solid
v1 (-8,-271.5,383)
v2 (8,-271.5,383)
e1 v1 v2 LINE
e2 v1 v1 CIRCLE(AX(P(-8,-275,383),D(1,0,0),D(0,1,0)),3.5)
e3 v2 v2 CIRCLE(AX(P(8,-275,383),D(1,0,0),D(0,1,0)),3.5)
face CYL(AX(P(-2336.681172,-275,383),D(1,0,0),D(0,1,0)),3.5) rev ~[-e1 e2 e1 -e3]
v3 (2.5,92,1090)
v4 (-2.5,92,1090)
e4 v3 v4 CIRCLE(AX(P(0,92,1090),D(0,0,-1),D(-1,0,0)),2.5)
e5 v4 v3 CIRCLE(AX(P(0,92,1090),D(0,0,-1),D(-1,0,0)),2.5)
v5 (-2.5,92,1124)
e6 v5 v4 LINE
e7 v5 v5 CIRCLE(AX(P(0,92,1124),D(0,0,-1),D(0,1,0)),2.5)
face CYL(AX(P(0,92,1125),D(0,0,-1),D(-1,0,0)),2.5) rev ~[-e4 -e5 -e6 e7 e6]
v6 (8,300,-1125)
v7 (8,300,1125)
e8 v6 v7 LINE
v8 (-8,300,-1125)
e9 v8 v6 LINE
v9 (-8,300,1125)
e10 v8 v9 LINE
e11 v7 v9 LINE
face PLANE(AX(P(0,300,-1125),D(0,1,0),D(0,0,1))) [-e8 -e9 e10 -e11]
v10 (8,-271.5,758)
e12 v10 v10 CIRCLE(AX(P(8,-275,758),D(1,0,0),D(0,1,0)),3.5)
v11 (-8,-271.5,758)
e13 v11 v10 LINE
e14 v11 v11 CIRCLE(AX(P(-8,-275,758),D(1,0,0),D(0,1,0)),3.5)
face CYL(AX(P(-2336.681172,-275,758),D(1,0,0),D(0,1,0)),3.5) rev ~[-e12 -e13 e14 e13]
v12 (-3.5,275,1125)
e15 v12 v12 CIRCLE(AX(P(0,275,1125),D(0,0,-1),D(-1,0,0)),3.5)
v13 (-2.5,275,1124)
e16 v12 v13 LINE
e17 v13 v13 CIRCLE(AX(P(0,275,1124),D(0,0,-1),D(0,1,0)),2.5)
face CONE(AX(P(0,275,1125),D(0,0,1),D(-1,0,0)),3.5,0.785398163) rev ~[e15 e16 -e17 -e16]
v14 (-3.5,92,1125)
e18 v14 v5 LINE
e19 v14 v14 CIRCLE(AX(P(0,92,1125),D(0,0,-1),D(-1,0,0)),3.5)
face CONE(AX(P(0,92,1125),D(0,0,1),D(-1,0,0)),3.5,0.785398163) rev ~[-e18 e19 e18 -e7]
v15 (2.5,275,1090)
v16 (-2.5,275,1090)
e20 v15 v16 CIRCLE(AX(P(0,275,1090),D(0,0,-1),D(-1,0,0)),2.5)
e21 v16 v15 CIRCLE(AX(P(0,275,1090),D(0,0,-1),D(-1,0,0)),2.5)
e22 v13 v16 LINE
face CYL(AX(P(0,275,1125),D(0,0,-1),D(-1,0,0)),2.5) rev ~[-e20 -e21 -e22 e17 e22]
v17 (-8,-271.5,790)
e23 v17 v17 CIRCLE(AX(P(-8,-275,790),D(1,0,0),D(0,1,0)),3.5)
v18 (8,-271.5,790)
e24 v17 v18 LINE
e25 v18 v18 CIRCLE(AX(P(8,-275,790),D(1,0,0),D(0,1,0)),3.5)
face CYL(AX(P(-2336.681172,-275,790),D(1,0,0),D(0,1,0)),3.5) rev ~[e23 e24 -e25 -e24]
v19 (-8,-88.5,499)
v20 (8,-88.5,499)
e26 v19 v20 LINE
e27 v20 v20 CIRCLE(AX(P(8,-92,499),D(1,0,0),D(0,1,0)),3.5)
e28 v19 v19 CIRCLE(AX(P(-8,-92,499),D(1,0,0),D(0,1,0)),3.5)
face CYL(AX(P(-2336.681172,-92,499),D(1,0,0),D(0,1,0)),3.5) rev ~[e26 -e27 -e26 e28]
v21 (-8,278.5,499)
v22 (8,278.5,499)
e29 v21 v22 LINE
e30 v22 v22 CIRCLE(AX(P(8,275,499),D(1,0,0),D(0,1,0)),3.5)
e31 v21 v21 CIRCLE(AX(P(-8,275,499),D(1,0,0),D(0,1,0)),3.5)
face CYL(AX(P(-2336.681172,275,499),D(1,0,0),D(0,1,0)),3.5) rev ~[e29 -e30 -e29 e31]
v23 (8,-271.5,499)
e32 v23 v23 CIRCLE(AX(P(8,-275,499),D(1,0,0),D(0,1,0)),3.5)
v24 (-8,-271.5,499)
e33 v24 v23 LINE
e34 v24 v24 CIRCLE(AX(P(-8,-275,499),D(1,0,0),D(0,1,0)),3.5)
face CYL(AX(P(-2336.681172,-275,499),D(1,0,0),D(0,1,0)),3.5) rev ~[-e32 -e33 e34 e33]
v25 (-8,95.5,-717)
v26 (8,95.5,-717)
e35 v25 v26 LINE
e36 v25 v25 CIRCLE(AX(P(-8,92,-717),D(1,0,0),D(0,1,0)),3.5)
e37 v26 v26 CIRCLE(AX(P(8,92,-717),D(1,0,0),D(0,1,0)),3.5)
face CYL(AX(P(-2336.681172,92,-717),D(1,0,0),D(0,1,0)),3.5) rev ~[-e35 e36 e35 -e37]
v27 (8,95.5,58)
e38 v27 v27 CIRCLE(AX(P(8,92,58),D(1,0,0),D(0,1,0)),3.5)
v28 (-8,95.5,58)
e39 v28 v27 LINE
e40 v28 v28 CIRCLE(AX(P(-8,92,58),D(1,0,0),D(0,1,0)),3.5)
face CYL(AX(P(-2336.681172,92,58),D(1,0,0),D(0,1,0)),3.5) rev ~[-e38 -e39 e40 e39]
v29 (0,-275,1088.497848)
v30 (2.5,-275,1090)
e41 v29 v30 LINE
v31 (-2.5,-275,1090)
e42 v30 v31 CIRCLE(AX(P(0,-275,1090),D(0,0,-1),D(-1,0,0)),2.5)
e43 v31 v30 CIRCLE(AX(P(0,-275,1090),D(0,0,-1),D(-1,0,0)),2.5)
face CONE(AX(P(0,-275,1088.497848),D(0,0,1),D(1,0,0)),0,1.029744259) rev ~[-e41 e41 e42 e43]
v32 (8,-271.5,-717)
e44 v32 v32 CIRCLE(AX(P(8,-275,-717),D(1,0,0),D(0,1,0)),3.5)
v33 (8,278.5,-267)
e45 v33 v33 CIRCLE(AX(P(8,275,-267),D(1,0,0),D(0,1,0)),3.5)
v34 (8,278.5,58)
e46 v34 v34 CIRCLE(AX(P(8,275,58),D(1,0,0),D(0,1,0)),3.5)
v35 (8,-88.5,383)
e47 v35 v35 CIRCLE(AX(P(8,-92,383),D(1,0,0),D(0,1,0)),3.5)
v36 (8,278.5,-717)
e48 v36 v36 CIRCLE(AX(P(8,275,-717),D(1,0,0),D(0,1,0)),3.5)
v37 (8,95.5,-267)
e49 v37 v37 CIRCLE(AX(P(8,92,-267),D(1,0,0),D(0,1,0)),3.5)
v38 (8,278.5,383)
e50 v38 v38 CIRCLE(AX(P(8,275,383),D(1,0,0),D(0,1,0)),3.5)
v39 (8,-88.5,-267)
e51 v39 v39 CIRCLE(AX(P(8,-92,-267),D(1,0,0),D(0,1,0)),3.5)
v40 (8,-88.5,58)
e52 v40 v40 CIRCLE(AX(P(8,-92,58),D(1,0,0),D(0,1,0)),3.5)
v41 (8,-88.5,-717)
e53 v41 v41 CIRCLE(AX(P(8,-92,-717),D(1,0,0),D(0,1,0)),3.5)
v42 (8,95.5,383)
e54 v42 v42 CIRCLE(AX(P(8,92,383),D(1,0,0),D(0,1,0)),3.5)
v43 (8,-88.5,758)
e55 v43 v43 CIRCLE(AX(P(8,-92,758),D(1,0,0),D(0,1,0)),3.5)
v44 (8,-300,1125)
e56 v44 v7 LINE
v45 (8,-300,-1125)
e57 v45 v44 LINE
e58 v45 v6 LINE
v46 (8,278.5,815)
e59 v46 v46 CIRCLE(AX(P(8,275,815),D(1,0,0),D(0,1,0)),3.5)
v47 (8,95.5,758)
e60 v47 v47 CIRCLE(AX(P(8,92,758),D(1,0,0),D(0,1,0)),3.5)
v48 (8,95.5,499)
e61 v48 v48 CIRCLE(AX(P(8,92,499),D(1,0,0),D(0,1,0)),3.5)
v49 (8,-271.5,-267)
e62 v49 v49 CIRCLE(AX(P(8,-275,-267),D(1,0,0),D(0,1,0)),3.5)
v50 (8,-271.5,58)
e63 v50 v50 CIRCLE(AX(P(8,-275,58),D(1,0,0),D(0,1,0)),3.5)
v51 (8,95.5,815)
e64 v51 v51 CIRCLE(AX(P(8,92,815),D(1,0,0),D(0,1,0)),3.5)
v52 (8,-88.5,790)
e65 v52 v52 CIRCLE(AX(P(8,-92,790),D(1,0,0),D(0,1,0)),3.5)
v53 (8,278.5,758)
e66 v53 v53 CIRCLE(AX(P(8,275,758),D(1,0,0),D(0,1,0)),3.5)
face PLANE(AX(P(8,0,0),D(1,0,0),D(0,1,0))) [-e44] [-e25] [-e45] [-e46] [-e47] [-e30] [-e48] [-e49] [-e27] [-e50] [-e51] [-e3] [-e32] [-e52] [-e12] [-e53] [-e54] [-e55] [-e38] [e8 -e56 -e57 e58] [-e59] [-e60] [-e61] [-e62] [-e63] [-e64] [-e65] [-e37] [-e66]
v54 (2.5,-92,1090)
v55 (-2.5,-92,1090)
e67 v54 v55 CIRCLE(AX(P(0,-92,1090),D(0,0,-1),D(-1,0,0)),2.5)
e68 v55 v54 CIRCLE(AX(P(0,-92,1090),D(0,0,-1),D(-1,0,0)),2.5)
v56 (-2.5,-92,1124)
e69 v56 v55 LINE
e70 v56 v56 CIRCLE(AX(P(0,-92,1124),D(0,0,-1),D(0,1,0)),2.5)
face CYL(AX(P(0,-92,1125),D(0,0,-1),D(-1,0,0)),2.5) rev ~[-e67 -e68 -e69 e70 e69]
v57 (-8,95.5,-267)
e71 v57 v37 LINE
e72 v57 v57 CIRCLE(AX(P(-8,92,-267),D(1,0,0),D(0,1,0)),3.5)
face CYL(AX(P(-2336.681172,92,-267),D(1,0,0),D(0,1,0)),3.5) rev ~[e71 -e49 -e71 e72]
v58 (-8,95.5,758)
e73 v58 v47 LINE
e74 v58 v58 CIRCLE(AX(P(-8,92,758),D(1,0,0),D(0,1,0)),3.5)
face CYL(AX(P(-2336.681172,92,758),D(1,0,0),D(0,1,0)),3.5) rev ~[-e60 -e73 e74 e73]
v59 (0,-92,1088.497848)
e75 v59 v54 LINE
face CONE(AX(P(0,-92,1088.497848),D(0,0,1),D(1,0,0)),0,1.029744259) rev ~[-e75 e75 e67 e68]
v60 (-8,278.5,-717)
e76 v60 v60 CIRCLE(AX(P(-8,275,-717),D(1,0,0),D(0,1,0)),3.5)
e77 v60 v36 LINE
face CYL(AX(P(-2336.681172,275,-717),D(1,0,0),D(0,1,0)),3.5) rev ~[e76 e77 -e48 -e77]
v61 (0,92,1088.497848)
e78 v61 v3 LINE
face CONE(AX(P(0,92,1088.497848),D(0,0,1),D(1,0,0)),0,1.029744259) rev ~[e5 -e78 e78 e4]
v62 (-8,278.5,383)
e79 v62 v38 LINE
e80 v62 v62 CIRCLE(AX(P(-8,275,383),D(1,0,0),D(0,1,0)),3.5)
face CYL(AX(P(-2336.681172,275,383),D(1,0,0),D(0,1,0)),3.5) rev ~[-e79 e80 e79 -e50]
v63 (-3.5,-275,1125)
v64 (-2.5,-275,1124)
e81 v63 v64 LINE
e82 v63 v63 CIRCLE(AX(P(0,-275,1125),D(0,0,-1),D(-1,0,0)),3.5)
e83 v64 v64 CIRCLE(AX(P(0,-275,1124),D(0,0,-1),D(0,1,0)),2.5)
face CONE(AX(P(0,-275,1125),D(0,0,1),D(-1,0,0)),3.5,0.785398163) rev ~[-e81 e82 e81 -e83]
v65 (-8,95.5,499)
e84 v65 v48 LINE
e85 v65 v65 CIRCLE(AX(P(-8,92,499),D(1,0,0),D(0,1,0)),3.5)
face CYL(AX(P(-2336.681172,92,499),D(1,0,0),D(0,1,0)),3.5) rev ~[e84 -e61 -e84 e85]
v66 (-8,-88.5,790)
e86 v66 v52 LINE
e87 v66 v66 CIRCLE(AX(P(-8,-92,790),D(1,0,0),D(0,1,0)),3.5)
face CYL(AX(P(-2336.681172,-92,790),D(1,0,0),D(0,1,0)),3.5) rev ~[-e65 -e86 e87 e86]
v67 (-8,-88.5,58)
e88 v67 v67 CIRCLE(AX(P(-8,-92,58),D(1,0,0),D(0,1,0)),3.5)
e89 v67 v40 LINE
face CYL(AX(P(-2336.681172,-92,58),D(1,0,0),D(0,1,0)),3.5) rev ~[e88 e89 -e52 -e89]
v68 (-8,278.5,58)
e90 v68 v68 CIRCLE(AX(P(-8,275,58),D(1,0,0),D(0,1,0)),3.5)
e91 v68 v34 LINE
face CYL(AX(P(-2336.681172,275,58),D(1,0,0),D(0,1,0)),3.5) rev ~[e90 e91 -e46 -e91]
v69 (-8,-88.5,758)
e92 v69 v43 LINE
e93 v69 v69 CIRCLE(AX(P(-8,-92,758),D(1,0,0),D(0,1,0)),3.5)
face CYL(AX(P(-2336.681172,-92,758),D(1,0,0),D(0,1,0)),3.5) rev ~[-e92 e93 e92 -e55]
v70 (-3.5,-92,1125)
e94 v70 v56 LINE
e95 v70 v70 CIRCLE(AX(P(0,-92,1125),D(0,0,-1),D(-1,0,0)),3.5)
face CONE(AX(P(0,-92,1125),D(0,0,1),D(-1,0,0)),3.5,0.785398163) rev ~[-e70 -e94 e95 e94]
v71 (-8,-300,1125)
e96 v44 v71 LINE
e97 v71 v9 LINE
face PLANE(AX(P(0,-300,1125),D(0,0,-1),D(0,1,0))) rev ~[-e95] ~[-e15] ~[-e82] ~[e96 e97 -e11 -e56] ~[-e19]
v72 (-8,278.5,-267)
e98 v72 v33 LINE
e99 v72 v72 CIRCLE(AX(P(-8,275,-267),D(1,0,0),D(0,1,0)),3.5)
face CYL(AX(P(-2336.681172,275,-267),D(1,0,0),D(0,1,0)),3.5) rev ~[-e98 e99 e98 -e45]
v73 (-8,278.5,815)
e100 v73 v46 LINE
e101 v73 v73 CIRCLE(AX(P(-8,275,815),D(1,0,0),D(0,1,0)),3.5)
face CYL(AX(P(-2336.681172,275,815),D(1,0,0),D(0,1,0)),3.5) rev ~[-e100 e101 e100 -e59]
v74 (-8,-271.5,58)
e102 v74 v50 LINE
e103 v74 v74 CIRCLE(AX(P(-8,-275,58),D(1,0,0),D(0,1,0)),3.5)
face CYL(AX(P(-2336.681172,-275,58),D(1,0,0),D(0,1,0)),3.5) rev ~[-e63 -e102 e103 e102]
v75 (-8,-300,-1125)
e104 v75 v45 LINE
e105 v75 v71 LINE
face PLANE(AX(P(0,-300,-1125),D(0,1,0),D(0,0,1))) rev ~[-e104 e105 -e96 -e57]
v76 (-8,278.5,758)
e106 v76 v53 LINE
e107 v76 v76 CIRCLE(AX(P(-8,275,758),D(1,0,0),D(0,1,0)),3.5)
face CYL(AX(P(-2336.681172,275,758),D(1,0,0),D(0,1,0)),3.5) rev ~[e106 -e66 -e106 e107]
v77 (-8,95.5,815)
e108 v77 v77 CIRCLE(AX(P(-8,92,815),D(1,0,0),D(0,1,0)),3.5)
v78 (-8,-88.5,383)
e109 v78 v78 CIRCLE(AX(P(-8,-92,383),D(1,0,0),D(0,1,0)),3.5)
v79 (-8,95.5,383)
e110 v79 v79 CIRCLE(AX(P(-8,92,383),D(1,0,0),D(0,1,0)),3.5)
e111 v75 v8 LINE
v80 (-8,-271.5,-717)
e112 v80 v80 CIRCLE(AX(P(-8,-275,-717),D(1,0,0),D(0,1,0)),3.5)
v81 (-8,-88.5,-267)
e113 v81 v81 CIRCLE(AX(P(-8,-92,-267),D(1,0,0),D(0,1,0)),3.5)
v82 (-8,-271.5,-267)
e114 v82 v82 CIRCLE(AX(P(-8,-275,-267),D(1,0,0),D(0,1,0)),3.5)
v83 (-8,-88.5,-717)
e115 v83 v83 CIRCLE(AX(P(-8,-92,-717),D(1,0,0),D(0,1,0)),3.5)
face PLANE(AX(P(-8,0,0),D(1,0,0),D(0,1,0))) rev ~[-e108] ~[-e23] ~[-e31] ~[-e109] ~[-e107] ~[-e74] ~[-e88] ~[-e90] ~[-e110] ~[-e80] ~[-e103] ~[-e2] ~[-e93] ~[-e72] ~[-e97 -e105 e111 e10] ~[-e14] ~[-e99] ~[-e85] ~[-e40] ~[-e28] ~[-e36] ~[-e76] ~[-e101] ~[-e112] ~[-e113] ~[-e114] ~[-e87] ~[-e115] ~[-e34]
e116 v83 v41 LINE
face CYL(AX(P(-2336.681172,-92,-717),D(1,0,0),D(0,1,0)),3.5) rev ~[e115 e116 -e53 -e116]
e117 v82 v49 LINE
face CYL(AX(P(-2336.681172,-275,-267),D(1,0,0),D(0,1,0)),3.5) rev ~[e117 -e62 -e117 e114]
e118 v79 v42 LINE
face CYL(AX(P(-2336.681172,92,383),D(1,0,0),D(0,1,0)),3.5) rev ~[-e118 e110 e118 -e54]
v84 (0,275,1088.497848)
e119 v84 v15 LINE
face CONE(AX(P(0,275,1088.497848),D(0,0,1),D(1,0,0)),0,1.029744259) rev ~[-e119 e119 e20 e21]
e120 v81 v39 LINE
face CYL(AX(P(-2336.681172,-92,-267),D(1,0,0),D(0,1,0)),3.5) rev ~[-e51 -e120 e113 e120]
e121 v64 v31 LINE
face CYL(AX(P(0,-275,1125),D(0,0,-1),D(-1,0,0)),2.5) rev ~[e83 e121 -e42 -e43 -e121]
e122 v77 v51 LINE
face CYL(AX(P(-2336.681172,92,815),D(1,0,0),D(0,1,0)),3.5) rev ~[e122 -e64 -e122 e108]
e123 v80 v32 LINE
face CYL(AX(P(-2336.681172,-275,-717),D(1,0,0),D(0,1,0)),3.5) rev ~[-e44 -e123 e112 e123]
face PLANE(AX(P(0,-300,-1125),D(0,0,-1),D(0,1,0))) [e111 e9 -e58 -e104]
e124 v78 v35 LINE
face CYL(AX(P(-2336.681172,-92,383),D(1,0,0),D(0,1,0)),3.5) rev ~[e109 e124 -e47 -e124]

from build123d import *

# Parameters (mm, degrees)
F0_W           = 600
F0_H           = 2250
F1_DEPTH       = 8
F3_D           = 5
F3_DEPTH       = 35
F3_CSINK_D     = 7
F3_CSINK_ANGLE = 90
F3_TIP         = 1.5021515476
F5_D           = 7


with BuildPart() as f1:
    # F0 (on Right) → F1 (new body, symmetric)
    with BuildSketch(Plane.YZ):
        Rectangle(F0_W, F0_H)
    extrude(amount=F1_DEPTH, both=True)

    # F3
    with Locations(Plane.XY.offset(1125)):
        with Locations((0, 275), (0, 92), (0, -92), (0, -275)):
            CounterSinkHole(F3_D / 2, F3_CSINK_D / 2, depth=F3_DEPTH, counter_sink_angle=F3_CSINK_ANGLE)
            with Locations((0, 0, -(F3_DEPTH + F3_TIP / 2))):  # 118° drill point
                Cone(0, F3_D / 2, F3_TIP, mode=Mode.SUBTRACT)

    # F5 (through all)
    with Locations(Plane(origin=(-8, 0, 0), x_dir=(0, -1, 0), z_dir=(-1, 0, 0))):
        with Locations((-275, 815), (-92, 815), (92, 790), (275, 790), (275, 758), (92, 758), (-92, 758), (-275, 758), (-275, 499), (-92, 499), (92, 499), (275, 499), (275, 383), (92, 383), (-92, 383), (-275, 383), (-275, 58), (-92, 58), (92, 58), (275, 58), (275, -267), (92, -267), (-92, -267), (-275, -267), (-275, -717), (-92, -717), (92, -717), (275, -717)):
            Hole(F5_D / 2)


solid = f1.part
